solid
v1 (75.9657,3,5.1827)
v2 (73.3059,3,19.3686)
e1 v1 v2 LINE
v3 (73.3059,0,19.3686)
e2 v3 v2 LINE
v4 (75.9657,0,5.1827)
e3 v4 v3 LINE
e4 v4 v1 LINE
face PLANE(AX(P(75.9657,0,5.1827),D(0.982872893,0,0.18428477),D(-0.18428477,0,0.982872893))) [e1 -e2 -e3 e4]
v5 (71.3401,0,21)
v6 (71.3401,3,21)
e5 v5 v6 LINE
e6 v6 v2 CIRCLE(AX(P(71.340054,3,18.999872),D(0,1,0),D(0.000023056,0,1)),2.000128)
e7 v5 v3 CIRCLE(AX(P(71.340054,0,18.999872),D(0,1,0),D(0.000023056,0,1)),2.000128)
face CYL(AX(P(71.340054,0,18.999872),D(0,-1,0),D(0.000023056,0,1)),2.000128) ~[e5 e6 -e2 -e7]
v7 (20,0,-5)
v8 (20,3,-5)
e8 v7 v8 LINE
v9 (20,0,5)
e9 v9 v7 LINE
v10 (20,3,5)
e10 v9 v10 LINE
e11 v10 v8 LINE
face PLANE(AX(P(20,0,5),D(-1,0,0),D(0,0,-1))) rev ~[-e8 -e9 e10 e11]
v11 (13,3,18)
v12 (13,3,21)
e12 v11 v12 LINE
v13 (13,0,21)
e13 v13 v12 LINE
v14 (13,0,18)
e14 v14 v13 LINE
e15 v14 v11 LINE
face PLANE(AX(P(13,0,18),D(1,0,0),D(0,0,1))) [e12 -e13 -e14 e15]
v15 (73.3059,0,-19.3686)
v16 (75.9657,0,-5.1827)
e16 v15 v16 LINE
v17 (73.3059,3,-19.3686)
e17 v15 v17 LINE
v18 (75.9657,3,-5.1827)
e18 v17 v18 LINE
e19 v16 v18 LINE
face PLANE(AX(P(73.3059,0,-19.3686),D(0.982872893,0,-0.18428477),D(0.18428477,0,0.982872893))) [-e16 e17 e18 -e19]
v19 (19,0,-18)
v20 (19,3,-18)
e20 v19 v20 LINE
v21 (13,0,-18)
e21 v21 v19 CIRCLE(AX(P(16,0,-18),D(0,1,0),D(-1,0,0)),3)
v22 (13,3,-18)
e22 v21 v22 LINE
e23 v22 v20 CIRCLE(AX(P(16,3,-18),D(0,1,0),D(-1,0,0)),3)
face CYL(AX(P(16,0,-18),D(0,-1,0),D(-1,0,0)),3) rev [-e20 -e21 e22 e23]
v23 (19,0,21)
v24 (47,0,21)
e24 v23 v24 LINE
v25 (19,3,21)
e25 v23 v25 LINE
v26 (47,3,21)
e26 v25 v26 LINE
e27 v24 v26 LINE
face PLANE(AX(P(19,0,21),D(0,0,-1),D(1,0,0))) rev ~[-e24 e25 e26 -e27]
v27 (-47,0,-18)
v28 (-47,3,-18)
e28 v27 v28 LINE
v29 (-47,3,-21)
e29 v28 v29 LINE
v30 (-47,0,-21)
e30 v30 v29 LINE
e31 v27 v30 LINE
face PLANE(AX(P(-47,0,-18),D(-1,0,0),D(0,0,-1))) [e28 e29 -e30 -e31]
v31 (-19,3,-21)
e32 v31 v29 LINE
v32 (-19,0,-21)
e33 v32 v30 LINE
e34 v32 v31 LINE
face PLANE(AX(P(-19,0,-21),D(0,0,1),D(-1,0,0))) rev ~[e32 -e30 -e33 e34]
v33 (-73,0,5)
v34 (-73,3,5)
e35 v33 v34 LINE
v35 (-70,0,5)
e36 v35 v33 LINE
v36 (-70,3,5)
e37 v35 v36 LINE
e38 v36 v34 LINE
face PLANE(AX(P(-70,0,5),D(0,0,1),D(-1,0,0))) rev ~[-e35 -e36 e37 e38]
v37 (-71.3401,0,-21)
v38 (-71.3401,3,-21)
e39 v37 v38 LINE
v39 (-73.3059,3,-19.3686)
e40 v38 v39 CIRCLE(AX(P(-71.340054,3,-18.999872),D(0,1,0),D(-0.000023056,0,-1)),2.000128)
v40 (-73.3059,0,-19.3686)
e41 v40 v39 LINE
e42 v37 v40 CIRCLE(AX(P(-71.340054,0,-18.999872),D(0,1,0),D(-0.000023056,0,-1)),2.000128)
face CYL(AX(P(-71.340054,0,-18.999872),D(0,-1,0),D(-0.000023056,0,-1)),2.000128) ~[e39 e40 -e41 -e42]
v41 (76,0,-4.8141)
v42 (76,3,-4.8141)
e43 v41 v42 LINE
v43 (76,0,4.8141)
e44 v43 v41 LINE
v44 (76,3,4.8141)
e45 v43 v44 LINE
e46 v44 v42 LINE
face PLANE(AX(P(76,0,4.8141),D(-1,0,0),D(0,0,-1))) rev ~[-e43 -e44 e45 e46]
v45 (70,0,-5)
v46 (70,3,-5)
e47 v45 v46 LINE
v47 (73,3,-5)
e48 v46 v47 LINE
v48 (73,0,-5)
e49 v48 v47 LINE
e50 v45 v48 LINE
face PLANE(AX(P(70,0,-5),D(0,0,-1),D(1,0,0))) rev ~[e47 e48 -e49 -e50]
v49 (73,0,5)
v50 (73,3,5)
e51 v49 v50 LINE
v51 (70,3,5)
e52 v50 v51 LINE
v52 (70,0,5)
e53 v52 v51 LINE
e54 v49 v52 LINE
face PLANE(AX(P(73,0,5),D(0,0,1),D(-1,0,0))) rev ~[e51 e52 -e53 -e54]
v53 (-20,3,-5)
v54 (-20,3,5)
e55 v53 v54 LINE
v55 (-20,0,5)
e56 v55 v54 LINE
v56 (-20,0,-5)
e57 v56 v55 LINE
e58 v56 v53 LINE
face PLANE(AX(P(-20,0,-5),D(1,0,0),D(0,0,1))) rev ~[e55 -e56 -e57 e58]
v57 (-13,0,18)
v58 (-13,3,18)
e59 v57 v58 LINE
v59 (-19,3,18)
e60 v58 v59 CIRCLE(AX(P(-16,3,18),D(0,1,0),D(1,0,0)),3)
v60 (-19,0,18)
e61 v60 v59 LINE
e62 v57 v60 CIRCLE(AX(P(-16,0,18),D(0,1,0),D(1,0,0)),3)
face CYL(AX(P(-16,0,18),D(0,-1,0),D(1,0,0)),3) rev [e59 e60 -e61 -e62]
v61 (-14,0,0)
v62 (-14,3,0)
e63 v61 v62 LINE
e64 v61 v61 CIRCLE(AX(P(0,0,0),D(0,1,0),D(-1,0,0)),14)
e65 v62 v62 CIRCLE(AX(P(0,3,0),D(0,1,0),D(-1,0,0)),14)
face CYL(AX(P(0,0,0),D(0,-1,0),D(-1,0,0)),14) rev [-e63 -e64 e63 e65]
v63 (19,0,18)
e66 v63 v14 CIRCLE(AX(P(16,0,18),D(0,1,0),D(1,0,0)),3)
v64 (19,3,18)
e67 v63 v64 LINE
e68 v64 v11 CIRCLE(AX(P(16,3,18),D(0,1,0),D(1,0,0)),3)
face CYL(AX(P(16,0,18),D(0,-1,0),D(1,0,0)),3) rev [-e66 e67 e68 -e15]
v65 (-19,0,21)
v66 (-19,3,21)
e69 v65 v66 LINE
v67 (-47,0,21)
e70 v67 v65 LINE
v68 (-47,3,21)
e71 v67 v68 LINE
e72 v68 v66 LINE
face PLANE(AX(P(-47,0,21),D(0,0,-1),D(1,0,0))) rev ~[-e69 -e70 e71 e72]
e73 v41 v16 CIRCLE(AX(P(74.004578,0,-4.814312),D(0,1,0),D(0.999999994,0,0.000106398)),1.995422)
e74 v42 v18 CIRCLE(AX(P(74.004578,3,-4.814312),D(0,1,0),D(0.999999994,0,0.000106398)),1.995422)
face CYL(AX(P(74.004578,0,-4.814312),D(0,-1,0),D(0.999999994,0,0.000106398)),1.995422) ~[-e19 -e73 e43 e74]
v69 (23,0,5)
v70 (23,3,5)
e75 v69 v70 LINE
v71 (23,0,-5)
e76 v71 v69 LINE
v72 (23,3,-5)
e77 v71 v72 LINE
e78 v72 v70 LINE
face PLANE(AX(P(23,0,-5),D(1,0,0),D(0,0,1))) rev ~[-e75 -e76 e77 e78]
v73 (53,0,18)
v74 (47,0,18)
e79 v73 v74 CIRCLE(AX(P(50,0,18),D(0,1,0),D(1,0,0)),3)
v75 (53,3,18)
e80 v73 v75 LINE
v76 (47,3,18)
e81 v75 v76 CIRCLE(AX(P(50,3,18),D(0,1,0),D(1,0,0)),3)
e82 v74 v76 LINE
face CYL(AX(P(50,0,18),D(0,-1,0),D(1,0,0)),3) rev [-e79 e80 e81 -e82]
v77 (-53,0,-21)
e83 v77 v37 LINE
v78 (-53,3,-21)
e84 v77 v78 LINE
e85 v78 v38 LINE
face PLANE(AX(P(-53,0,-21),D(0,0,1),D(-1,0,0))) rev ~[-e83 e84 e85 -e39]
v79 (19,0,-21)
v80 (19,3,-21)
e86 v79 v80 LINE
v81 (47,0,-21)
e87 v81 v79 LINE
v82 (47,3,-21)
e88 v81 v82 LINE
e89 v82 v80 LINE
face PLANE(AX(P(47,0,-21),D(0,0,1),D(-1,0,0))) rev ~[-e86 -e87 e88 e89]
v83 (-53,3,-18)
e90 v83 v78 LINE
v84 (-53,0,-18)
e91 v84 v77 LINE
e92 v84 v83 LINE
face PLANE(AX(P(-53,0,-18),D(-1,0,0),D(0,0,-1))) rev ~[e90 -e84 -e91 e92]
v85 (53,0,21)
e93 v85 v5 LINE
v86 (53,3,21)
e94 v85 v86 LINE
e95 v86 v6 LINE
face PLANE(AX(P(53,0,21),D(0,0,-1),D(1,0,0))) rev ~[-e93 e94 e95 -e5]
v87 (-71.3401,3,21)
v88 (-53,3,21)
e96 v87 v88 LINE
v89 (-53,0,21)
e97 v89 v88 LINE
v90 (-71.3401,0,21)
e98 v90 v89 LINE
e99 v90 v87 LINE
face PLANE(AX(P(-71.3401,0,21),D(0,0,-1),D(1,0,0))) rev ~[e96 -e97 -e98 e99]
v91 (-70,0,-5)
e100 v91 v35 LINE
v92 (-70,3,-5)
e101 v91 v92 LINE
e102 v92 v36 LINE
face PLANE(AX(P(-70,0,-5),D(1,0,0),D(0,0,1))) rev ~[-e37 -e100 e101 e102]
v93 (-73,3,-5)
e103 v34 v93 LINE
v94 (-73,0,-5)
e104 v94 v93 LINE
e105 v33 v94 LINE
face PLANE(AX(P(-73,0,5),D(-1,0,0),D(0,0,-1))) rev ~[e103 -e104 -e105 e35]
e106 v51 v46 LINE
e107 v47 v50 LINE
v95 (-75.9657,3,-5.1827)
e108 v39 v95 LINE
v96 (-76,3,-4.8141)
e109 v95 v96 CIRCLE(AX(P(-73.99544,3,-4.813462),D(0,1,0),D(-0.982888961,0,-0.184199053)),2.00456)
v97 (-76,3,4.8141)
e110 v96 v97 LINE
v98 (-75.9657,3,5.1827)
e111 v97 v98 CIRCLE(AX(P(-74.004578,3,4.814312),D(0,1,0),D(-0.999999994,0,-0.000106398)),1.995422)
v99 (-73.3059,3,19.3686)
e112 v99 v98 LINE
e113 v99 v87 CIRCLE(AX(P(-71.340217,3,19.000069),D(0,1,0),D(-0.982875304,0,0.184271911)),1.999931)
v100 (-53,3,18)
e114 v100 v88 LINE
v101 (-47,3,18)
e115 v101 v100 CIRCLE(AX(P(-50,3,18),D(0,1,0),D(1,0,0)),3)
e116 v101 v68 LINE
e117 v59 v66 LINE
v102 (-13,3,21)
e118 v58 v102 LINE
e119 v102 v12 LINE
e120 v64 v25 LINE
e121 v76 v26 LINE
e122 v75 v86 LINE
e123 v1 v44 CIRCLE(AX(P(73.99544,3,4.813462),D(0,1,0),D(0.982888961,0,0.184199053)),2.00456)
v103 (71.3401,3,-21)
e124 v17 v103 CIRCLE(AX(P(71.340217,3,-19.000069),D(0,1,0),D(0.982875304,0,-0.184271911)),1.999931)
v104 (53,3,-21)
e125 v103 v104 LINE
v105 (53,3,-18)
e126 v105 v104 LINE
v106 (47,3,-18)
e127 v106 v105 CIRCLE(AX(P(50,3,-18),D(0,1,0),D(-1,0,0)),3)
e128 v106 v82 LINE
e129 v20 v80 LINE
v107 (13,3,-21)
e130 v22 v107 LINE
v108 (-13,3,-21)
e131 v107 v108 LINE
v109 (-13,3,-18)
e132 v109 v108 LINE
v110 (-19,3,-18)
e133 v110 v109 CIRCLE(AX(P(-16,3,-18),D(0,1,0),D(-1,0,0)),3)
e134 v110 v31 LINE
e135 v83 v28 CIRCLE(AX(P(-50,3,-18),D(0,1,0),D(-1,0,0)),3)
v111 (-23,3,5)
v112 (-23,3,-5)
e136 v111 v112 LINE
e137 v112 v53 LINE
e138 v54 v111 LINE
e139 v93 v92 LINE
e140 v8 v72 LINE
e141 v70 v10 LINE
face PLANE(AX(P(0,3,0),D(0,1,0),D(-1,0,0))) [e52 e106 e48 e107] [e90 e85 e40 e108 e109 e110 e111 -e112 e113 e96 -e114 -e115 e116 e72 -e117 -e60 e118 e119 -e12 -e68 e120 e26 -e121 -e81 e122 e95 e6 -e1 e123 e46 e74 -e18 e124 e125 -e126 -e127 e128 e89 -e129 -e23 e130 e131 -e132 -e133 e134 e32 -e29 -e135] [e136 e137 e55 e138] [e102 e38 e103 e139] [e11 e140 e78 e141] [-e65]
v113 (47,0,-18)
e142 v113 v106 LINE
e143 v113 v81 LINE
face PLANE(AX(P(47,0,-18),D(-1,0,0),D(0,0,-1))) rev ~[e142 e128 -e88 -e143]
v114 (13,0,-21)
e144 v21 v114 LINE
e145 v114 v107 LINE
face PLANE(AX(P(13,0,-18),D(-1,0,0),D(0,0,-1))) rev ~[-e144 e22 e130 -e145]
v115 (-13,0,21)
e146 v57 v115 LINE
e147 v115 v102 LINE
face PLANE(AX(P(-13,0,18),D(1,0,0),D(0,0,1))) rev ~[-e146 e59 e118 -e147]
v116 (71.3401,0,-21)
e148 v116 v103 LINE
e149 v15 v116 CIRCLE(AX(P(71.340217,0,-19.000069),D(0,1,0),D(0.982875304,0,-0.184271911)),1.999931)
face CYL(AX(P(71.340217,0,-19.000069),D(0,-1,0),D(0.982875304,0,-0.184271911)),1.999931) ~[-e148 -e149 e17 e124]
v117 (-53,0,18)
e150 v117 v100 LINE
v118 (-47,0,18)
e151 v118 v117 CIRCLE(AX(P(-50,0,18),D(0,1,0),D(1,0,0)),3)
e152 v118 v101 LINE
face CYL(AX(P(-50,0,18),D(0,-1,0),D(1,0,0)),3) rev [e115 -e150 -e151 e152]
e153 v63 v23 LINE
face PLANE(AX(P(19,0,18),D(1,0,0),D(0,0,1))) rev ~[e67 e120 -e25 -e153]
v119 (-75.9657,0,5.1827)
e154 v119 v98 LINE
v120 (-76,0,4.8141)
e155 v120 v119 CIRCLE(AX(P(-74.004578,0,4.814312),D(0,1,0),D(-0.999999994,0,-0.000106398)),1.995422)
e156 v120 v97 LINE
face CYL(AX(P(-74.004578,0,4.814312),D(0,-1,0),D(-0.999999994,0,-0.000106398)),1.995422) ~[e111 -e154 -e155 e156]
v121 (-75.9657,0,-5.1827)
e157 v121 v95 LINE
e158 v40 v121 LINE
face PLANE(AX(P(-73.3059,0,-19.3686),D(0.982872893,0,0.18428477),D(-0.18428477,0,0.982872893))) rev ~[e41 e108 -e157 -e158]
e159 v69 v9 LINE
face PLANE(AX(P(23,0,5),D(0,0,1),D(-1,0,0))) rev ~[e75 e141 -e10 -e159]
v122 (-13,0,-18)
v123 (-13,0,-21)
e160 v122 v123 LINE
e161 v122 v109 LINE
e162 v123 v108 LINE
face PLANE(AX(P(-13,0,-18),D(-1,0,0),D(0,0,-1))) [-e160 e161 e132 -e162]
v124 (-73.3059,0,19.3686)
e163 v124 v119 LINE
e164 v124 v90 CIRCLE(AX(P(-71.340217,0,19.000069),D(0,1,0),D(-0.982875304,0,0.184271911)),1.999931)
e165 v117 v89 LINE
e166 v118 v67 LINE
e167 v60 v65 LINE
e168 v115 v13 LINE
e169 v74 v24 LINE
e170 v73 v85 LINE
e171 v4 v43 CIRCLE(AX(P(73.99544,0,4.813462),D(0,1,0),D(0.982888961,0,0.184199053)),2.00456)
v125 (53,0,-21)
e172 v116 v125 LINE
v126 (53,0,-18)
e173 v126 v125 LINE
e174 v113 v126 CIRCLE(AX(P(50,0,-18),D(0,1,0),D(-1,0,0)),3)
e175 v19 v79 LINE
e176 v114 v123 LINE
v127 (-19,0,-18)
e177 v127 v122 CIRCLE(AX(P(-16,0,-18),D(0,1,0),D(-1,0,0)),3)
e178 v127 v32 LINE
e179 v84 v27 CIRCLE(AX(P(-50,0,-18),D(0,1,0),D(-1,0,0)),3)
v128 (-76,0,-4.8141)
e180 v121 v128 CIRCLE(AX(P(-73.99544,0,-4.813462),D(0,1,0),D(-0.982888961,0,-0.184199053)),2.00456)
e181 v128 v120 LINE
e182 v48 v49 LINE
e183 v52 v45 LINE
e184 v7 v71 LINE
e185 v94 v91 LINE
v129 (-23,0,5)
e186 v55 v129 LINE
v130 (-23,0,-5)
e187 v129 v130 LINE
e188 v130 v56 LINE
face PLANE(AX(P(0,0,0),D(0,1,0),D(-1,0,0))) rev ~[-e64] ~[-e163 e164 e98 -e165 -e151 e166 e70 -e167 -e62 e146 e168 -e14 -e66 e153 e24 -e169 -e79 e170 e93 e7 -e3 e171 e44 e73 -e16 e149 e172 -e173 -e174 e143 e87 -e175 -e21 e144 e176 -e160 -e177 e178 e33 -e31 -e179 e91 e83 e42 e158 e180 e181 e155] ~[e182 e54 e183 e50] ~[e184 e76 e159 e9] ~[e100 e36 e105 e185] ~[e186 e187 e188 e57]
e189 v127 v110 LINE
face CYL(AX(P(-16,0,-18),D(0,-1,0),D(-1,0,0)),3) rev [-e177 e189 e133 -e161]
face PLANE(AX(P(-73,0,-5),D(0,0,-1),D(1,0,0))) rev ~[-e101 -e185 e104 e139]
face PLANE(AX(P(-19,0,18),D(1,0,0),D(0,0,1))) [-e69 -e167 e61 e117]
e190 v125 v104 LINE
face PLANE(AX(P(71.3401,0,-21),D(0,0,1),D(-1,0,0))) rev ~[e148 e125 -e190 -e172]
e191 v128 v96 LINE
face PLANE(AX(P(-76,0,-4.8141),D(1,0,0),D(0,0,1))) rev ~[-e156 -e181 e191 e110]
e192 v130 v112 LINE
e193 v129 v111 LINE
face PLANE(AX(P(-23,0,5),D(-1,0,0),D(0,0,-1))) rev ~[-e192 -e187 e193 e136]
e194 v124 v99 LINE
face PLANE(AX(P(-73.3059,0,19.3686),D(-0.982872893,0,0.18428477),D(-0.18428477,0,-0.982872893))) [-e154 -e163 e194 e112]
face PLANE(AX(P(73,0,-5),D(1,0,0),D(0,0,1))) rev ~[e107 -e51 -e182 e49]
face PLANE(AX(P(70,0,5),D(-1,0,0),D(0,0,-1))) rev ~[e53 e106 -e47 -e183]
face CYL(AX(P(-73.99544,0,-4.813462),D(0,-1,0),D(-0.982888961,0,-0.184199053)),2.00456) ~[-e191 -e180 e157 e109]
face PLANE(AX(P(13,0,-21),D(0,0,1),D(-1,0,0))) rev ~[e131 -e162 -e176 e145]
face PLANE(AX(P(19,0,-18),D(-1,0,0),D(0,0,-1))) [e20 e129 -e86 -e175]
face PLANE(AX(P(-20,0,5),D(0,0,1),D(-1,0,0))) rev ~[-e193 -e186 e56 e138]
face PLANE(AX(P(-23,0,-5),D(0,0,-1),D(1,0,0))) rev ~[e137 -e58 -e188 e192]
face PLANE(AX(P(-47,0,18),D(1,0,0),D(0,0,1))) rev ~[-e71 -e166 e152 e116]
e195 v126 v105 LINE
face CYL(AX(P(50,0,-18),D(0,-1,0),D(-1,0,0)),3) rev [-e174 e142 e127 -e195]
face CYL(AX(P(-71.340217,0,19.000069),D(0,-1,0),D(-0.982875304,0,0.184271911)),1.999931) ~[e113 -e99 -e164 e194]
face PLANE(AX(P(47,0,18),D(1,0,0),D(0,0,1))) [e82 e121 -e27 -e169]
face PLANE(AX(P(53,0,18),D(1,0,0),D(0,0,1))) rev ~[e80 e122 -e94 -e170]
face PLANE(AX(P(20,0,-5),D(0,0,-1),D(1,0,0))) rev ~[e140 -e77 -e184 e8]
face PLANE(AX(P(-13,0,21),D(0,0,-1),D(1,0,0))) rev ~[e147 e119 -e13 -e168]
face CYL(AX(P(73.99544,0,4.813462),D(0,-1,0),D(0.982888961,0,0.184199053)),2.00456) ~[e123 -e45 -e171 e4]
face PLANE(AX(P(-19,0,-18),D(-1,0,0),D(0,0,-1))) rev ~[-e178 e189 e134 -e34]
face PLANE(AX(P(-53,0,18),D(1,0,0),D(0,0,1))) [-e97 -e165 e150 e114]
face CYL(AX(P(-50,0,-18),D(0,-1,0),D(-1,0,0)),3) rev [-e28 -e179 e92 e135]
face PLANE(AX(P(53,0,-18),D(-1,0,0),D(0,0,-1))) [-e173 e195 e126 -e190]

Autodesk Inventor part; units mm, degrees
ref_plane "YZ Plane" through (0, 0, 0) normal (1, 0, 0) x (0, 1, 0)
ref_plane "XZ Plane" through (0, 0, 0) normal (0, 1, 0) x (-1, 0, 0)
ref_plane "XY Plane" through (0, 0, 0) normal (0, 0, 1) x (1, 0, 0)
sketch "Sketch1" plane through (0, 0, 0) normal (0, 1, 0) x (-1, 0, 0)
  line L0 (76, -4.8141) -> (76, 4.8141)
  line L1 (-76, 4.8141) -> (-76, -4.8141)
  circle A0 centre (0, 0) radius 14
  line L2 (-23, 5) -> (-20, 5)
  line L3 (-20, 5) -> (-20, -5)
  line L4 (-20, -5) -> (-23, -5)
  line L5 (-23, -5) -> (-23, 5)
  line L6 (20, 5) -> (23, 5)
  line L7 (23, 5) -> (23, -5)
  line L8 (23, -5) -> (20, -5)
  line L9 (20, -5) -> (20, 5)
  line L10 (-73, 5) -> (-70, 5)
  line L11 (-70, 5) -> (-70, -5)
  line L12 (-70, -5) -> (-73, -5)
  line L13 (-73, -5) -> (-73, 5)
  line L14 (70, 5) -> (73, 5)
  line L15 (73, 5) -> (73, -5)
  line L16 (73, -5) -> (70, -5)
  line L17 (70, -5) -> (70, 5)
  arc A1 (-13, -18) -> (-19, -18) centre (-16, -18) ccw
  arc A2 (-19, 18) -> (-13, 18) centre (-16, 18) ccw
  arc A3 (19, -18) -> (13, -18) centre (16, -18) ccw
  arc A4 (13, 18) -> (19, 18) centre (16, 18) ccw
  line L18 (-19, 18) -> (-19, 21)
  line L19 (-13, 18) -> (-13, 21)
  line L20 (13, 18) -> (13, 21)
  line L21 (19, 18) -> (19, 21)
  line L22 (13, -18) -> (13, -21)
  line L23 (19, -18) -> (19, -21)
  line L24 (-13, -18) -> (-13, -21)
  line L25 (-19, -18) -> (-19, -21)
  line L26 (-13, -21) -> (13, -21)
  line L27 (13, 21) -> (-13, 21)
  arc A5 (-53, 18) -> (-47, 18) centre (-50, 18) ccw
  arc A6 (-47, -18) -> (-53, -18) centre (-50, -18) ccw
  arc A7 (47, 18) -> (53, 18) centre (50, 18) ccw
  arc A8 (53, -18) -> (47, -18) centre (50, -18) ccw
  line L28 (-53, 18) -> (-53, 21)
  line L29 (-47, 18) -> (-47, 21)
  line L30 (-53, -18) -> (-53, -21)
  line L31 (-47, -18) -> (-47, -21)
  line L32 (53, -18) -> (53, -21)
  line L33 (47, -18) -> (47, -21)
  line L34 (53, 18) -> (53, 21)
  line L35 (47, 18) -> (47, 21)
  line L36 (71.3401, 21) -> (53, 21)
  line L37 (47, 21) -> (19, 21)
  line L38 (19, -21) -> (47, -21)
  line L39 (53, -21) -> (71.3401, -21)
  line L40 (-71.3401, -21) -> (-53, -21)
  line L41 (-47, -21) -> (-19, -21)
  line L42 (-19, 21) -> (-47, 21)
  line L43 (-53, 21) -> (-71.3401, 21)
  line L44 (-75.9657, 5.1827) -> (-73.3059, 19.3686)
  line L45 (-73.3059, -19.3686) -> (-75.9657, -5.1827)
  line L46 (73.3059, 19.3686) -> (75.9657, 5.1827)
  line L47 (73.3059, -19.3686) -> (75.9657, -5.1827)
  arc A9 (-71.3401, 21) -> (-73.3059, 19.3686) centre (-71.3401, 19) ccw
  arc A10 (-75.9657, 5.1827) -> (-76, 4.8141) centre (-74, 4.8141) ccw
  arc A11 (-76, -4.8141) -> (-75.9657, -5.1827) centre (-74, -4.8141) ccw
  arc A12 (-73.3059, -19.3686) -> (-71.3401, -21) centre (-71.3401, -19) ccw
  arc A13 (71.3401, -21) -> (73.3059, -19.3686) centre (71.3401, -19) ccw
  arc A14 (75.9657, -5.1827) -> (76, -4.8141) centre (74, -4.8141) ccw
  arc A15 (73.3059, 19.3686) -> (71.3401, 21) centre (71.3401, 19) ccw
  arc A16 (76, 4.8141) -> (75.9657, 5.1827) centre (74, 4.8141) ccw
  point P0 (-73, -21)
  point P1 (73, 21)
  point P2 (73, -21)
  point P3 (-73, 21)
  point P4 (-20, 0)
  point P5 (20, 0)
  point P6 (-76, 5)
  point P7 (-76, -5)
  point P8 (76, 5)
  point P9 (76, -5)
  dimension "d2" = 42
  dimension "d3" = 28
  dimension "d4" = 76
  dimension "d6" = 3
  dimension "d7" = 10
  dimension "d8" = 20
  dimension "d9" = 3
  dimension "d10" = 10
  dimension "d11" = 20
  dimension "d12" = 3
  dimension "d13" = 10
  dimension "d14" = 3
  dimension "d15" = 3
  dimension "d16" = 10
  dimension "d17" = 3
  dimension "d18" = 5
  dimension "d19" = 5
  dimension "d20" = 6
  dimension "d21" = 16
  dimension "d24" = 6
  dimension "d25" = 16
  dimension "d26" = 6
  dimension "d27" = 16
  dimension "d28" = 6
  dimension "d29" = 16
  dimension "d32" = 6
  dimension "d33" = 50
  dimension "d35" = 50
  dimension "d38" = 76
  dimension "d39" = 21
  dimension "d40" = 3
  dimension "d41" = 3
  dimension "d42" = 10
  dimension "d43" = 10
  dimension "d44" = 21
  dimension "d45" = 2
  dimension "d46" = 50
  dimension "d47" = 50
  dimension "d48" = 3
  dimension "d49" = 3
  dimension "d50" = 3
  dimension "d51" = 3
  dimension "d52" = 3
  dimension "d53" = 3
  dimension "d54" = 3
  dimension "d55" = 3
  dimension "d56" = 100.62
extrude "Extrusion1" add sketch "Sketch1" along normal blind 3
properties part number "Camera Platform"
